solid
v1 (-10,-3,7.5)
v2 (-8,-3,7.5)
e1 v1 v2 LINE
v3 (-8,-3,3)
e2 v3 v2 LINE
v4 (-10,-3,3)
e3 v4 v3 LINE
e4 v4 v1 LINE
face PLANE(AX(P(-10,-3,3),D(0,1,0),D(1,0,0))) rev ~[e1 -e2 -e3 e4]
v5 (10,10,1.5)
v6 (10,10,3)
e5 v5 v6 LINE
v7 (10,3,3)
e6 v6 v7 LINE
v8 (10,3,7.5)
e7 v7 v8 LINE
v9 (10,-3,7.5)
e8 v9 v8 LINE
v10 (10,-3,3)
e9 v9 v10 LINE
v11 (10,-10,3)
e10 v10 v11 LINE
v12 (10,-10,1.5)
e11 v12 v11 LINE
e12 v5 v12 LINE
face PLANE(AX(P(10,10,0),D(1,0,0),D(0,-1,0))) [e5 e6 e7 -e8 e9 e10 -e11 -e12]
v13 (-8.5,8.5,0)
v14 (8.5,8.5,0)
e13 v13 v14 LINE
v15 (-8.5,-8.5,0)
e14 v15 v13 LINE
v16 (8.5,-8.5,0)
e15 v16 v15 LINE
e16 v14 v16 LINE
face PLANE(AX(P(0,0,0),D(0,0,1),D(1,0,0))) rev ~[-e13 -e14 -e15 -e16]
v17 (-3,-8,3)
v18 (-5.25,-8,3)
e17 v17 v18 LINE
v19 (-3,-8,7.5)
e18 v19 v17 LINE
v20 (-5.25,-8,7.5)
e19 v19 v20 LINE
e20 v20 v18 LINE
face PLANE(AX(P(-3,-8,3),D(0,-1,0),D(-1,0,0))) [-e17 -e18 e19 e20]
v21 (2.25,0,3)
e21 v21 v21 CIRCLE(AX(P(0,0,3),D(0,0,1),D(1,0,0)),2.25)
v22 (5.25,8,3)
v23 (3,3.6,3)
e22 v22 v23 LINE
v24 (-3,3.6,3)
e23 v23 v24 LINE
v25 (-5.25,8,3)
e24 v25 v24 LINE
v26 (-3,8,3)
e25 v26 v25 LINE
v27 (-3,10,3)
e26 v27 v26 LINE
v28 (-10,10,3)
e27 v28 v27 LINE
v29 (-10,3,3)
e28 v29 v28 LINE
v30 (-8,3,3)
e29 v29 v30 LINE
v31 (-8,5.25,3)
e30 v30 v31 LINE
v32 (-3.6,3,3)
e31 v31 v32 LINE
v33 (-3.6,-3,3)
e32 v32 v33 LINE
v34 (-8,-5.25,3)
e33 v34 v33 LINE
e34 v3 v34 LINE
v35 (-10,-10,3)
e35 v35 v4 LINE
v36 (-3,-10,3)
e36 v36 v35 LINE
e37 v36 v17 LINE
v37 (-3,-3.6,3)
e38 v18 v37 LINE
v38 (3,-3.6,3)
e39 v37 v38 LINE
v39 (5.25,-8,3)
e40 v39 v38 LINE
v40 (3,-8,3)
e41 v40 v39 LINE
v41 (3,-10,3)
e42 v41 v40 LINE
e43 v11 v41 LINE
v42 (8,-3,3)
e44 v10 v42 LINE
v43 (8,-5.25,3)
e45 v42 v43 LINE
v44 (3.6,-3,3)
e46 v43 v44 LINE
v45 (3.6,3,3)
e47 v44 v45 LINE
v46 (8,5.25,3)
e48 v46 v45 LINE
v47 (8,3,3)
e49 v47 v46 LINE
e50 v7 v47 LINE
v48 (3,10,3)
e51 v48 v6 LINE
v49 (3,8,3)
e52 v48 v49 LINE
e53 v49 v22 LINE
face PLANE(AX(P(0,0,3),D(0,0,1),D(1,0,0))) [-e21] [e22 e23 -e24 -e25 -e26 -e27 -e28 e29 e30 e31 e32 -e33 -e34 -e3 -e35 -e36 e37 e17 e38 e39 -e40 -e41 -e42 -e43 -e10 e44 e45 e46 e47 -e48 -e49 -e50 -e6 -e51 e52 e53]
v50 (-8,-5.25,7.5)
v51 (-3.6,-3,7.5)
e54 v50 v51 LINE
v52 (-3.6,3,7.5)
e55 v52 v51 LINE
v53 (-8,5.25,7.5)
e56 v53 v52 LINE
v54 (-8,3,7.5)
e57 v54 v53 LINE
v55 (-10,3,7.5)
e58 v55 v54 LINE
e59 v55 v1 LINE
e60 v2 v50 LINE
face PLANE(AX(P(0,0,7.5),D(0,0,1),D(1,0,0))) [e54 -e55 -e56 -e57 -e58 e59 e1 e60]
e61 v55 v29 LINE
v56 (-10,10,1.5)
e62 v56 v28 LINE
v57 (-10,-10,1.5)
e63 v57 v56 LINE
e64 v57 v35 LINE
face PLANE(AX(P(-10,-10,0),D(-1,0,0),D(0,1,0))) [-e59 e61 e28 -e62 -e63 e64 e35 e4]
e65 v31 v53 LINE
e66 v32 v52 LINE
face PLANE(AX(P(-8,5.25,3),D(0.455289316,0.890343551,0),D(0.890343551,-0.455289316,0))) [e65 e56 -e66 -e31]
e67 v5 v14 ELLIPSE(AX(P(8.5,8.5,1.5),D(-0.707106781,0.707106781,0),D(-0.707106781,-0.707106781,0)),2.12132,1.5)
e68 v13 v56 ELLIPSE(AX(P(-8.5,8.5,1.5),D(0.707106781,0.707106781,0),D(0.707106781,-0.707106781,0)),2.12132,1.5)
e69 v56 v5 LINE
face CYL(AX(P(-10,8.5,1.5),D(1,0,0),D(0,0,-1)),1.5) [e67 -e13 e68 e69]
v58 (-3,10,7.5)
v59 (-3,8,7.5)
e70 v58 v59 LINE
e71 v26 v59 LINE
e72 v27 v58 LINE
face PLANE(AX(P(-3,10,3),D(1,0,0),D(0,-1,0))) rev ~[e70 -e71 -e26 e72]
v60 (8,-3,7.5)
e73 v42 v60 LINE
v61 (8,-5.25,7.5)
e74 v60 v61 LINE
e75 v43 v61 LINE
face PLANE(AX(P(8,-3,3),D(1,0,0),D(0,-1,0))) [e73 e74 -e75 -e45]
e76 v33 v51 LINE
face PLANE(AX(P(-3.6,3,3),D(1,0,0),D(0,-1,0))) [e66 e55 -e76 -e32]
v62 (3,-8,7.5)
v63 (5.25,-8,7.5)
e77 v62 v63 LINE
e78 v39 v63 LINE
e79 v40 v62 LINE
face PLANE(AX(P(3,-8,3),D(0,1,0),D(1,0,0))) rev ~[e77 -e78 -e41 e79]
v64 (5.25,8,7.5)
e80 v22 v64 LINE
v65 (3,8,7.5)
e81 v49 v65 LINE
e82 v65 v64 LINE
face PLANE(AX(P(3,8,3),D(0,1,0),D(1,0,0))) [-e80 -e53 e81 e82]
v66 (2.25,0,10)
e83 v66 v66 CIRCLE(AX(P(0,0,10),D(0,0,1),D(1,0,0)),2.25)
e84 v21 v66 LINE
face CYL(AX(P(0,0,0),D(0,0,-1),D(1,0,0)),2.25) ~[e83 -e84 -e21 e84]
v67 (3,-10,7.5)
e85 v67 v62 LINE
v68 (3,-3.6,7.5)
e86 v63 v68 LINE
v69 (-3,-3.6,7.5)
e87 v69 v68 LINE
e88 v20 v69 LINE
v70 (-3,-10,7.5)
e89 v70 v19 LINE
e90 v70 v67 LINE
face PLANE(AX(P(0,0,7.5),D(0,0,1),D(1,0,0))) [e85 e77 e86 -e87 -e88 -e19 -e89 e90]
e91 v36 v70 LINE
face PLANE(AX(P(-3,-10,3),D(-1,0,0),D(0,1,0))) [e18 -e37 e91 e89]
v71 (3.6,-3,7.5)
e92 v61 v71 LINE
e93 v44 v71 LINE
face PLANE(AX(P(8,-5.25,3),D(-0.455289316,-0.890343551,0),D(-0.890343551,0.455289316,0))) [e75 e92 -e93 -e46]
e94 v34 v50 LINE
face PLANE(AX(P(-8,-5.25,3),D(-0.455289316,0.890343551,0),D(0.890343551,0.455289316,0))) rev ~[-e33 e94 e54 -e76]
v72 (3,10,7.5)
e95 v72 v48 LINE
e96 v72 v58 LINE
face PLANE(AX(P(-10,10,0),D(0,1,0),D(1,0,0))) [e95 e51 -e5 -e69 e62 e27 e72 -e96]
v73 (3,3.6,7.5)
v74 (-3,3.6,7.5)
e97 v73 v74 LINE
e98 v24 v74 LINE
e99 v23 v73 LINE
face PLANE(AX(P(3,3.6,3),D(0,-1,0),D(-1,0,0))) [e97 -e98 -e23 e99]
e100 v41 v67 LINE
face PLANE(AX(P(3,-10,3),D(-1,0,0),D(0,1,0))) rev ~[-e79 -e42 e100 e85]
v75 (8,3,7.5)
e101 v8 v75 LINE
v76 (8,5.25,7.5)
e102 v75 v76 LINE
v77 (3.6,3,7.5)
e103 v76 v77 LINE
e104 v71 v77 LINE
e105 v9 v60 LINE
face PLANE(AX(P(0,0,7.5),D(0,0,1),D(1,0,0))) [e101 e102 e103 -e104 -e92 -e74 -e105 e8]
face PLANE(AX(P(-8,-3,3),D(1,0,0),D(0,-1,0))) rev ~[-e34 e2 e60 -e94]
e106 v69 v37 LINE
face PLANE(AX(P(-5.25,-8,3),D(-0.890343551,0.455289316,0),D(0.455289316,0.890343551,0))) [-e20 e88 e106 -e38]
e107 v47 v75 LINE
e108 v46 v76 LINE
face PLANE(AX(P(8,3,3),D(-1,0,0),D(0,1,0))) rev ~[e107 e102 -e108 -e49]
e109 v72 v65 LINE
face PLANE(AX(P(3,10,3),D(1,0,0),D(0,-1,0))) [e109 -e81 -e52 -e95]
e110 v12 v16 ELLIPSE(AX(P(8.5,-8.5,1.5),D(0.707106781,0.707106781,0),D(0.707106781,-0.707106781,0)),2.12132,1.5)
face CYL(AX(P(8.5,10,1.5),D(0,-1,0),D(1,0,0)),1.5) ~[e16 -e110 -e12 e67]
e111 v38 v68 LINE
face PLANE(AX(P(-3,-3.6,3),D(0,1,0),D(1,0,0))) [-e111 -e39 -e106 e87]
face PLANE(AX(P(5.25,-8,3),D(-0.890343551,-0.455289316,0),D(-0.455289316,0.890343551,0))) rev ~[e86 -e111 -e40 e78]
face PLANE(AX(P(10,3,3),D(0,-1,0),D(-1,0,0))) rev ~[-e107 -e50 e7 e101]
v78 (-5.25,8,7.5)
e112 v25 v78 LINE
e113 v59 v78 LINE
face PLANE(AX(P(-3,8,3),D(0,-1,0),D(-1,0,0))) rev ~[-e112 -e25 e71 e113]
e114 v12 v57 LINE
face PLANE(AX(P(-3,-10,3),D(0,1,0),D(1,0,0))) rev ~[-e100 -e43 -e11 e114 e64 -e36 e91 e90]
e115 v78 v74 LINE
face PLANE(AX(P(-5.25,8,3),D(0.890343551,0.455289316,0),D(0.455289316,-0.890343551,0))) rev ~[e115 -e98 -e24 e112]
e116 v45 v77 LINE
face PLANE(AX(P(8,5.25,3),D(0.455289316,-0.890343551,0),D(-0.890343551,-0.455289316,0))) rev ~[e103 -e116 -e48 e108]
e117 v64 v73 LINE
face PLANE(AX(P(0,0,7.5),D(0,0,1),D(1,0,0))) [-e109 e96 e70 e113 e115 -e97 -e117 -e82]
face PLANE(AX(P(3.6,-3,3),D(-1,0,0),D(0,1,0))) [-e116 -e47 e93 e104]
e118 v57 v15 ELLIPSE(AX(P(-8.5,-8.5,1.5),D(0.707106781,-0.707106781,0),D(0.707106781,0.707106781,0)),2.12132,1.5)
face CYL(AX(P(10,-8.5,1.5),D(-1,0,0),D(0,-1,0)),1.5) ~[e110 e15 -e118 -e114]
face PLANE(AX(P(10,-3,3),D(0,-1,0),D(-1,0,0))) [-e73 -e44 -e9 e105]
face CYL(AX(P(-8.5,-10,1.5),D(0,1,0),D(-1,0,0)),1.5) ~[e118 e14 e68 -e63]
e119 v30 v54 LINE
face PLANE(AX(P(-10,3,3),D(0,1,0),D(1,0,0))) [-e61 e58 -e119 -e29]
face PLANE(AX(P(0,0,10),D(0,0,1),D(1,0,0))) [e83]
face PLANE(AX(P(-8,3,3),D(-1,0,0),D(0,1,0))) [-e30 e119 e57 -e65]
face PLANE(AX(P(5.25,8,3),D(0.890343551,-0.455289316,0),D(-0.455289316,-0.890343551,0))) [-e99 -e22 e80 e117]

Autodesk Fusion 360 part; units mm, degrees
sketch "Base" plane through (0, 0, 0) normal (0, 0, 1) x (1, 0, 0)
  line L0 (10, -10) -> (-10, -10)
  line L1 (-10, -10) -> (-10, 10)
  line L2 (-10, 10) -> (10, 10)
  line L3 (10, 10) -> (10, -10)
  line L4 (10, -10) -> (-10, 10) construction
  line L5 (-10, -10) -> (10, 10) construction
  circle A0 centre (0, 0) radius 2.25
  dimension "d1" = 20
  dimension "d2" = 20
  dimension "d3" = 4.5
extrude "Extrude1" add sketch "Base" along normal blind 3
extrude "Extrude2" add sketch "Base" along normal blind 10 contours A0
fillet "Fillet1" radius 1.5 4 edges at (10, 0, 0) (0, 10, 0) (-10, 0, 0) (0, -10, 0)
sketch "Inserts" plane through (0, 0, 0) normal (0, 0, 1) x (1, 0, 0)
  line L0 (-10, -10) -> (-3, -10)
  line L1 (-3, -10) -> (3, -10)
  line L2 (3, -10) -> (3, -8)
  line L3 (-3, -10) -> (-3, -8)
  line L4 (-3, -8) -> (-3, -3.6)
  line L5 (-3, -3.6) -> (3, -3.6)
  line L6 (3, -8) -> (5.25, -8)
  line L7 (-3, -8) -> (-5.25, -8)
  line L8 (-5.25, -8) -> (-3, -3.6)
  line L9 (5.25, -8) -> (3, -3.6)
  line L10 (-3, -8) -> (3, -8)
  line L11 (-10, 3) -> (-10, -3)
  line L12 (-8, 3) -> (-3.6, 3)
  line L13 (-8, -3) -> (-8, -5.25)
  line L14 (-3.6, 3) -> (-3.6, -3)
  line L15 (-8, 3) -> (-8, -3)
  line L16 (-8, 5.25) -> (-3.6, 3)
  line L17 (-10, 10) -> (-10, 3)
  line L18 (-8, 3) -> (-8, 5.25)
  line L19 (-8, -5.25) -> (-3.6, -3)
  line L20 (-10, 3) -> (-8, 3)
  line L21 (-10, -3) -> (-8, -3)
  line L22 (3, 10) -> (-3, 10)
  line L23 (3, 8) -> (3, 3.6)
  line L24 (-3, 8) -> (-5.25, 8)
  line L25 (3, 3.6) -> (-3, 3.6)
  line L26 (3, 8) -> (-3, 8)
  line L27 (5.25, 8) -> (3, 3.6)
  line L28 (10, 10) -> (3, 10)
  line L29 (3, 8) -> (5.25, 8)
  line L30 (-5.25, 8) -> (-3, 3.6)
  line L31 (3, 10) -> (3, 8)
  line L32 (-3, 10) -> (-3, 8)
  line L33 (10, -3) -> (10, 3)
  line L34 (8, -3) -> (3.6, -3)
  line L35 (8, 3) -> (8, 5.25)
  line L36 (3.6, -3) -> (3.6, 3)
  line L37 (8, -3) -> (8, 3)
  line L38 (8, -5.25) -> (3.6, -3)
  line L39 (10, -10) -> (10, -3)
  line L40 (8, -3) -> (8, -5.25)
  line L41 (8, 5.25) -> (3.6, 3)
  line L42 (10, -3) -> (8, -3)
  line L43 (10, 3) -> (8, 3)
  point P0 (-10, -10)
  point P1 (-10, 10)
  point P2 (10, 10)
  point P3 (10, -10)
  dimension "d10" = 7
  dimension "d11" = 6
  dimension "d12" = 2
  dimension "d13" = 2
  dimension "d14" = 4.4
  dimension "d15" = 6
  dimension "d16" = 2.25
  dimension "d17" = 2.25
  dimension "d27" = 7
  dimension "d28" = 6
  dimension "d29" = 2
  dimension "d30" = 2
  dimension "d31" = 4.4
  dimension "d32" = 6
  dimension "d33" = 2.25
  dimension "d34" = 2.25
  dimension "d35" = 7
  dimension "d36" = 6
  dimension "d37" = 2
  dimension "d38" = 2
  dimension "d39" = 4.4
  dimension "d40" = 6
  dimension "d41" = 2.25
  dimension "d42" = 2.25
  dimension "d43" = 7
  dimension "d44" = 6
  dimension "d45" = 2
  dimension "d46" = 2
  dimension "d47" = 4.4
  dimension "d48" = 6
  dimension "d49" = 2.25
  dimension "d50" = 2.25
extrude "Extrude4" add sketch "Inserts" along normal blind 3 from surface at 3 contours L1 L2 L3 L10 | L4 L7 L8 | L4 L5 L6 L9 L10
extrude "Extrude5" add sketch "Inserts" along normal blind 4.5 from surface at 3 contours L1 L2 L3 L10 | L4 L7 L8 | L4 L5 L6 L9 L10
extrude "Extrude6" add sketch "Inserts" along normal blind 3 from surface at 3 contours L11 L15 L20 L21 | L12 L16 L18 | L12 L13 L14 L15 L19 | L22 L26 L31 L32 | L23 L27 L29 | L23 L24 L25 L26 L30 | L33 L37 L42 L43 | L34 L38 L40 | L34 L35 L36 L37 L41
extrude "Extrude7" add sketch "Inserts" along normal blind 4.5 from surface at 3 contours L11 L15 L20 L21 | L12 L16 L18 | L12 L13 L14 L15 L19 | L22 L26 L31 L32 | L23 L27 L29 | L23 L24 L25 L26 L30 | L33 L37 L42 L43 | L34 L38 L40 | L34 L35 L36 L37 L41
